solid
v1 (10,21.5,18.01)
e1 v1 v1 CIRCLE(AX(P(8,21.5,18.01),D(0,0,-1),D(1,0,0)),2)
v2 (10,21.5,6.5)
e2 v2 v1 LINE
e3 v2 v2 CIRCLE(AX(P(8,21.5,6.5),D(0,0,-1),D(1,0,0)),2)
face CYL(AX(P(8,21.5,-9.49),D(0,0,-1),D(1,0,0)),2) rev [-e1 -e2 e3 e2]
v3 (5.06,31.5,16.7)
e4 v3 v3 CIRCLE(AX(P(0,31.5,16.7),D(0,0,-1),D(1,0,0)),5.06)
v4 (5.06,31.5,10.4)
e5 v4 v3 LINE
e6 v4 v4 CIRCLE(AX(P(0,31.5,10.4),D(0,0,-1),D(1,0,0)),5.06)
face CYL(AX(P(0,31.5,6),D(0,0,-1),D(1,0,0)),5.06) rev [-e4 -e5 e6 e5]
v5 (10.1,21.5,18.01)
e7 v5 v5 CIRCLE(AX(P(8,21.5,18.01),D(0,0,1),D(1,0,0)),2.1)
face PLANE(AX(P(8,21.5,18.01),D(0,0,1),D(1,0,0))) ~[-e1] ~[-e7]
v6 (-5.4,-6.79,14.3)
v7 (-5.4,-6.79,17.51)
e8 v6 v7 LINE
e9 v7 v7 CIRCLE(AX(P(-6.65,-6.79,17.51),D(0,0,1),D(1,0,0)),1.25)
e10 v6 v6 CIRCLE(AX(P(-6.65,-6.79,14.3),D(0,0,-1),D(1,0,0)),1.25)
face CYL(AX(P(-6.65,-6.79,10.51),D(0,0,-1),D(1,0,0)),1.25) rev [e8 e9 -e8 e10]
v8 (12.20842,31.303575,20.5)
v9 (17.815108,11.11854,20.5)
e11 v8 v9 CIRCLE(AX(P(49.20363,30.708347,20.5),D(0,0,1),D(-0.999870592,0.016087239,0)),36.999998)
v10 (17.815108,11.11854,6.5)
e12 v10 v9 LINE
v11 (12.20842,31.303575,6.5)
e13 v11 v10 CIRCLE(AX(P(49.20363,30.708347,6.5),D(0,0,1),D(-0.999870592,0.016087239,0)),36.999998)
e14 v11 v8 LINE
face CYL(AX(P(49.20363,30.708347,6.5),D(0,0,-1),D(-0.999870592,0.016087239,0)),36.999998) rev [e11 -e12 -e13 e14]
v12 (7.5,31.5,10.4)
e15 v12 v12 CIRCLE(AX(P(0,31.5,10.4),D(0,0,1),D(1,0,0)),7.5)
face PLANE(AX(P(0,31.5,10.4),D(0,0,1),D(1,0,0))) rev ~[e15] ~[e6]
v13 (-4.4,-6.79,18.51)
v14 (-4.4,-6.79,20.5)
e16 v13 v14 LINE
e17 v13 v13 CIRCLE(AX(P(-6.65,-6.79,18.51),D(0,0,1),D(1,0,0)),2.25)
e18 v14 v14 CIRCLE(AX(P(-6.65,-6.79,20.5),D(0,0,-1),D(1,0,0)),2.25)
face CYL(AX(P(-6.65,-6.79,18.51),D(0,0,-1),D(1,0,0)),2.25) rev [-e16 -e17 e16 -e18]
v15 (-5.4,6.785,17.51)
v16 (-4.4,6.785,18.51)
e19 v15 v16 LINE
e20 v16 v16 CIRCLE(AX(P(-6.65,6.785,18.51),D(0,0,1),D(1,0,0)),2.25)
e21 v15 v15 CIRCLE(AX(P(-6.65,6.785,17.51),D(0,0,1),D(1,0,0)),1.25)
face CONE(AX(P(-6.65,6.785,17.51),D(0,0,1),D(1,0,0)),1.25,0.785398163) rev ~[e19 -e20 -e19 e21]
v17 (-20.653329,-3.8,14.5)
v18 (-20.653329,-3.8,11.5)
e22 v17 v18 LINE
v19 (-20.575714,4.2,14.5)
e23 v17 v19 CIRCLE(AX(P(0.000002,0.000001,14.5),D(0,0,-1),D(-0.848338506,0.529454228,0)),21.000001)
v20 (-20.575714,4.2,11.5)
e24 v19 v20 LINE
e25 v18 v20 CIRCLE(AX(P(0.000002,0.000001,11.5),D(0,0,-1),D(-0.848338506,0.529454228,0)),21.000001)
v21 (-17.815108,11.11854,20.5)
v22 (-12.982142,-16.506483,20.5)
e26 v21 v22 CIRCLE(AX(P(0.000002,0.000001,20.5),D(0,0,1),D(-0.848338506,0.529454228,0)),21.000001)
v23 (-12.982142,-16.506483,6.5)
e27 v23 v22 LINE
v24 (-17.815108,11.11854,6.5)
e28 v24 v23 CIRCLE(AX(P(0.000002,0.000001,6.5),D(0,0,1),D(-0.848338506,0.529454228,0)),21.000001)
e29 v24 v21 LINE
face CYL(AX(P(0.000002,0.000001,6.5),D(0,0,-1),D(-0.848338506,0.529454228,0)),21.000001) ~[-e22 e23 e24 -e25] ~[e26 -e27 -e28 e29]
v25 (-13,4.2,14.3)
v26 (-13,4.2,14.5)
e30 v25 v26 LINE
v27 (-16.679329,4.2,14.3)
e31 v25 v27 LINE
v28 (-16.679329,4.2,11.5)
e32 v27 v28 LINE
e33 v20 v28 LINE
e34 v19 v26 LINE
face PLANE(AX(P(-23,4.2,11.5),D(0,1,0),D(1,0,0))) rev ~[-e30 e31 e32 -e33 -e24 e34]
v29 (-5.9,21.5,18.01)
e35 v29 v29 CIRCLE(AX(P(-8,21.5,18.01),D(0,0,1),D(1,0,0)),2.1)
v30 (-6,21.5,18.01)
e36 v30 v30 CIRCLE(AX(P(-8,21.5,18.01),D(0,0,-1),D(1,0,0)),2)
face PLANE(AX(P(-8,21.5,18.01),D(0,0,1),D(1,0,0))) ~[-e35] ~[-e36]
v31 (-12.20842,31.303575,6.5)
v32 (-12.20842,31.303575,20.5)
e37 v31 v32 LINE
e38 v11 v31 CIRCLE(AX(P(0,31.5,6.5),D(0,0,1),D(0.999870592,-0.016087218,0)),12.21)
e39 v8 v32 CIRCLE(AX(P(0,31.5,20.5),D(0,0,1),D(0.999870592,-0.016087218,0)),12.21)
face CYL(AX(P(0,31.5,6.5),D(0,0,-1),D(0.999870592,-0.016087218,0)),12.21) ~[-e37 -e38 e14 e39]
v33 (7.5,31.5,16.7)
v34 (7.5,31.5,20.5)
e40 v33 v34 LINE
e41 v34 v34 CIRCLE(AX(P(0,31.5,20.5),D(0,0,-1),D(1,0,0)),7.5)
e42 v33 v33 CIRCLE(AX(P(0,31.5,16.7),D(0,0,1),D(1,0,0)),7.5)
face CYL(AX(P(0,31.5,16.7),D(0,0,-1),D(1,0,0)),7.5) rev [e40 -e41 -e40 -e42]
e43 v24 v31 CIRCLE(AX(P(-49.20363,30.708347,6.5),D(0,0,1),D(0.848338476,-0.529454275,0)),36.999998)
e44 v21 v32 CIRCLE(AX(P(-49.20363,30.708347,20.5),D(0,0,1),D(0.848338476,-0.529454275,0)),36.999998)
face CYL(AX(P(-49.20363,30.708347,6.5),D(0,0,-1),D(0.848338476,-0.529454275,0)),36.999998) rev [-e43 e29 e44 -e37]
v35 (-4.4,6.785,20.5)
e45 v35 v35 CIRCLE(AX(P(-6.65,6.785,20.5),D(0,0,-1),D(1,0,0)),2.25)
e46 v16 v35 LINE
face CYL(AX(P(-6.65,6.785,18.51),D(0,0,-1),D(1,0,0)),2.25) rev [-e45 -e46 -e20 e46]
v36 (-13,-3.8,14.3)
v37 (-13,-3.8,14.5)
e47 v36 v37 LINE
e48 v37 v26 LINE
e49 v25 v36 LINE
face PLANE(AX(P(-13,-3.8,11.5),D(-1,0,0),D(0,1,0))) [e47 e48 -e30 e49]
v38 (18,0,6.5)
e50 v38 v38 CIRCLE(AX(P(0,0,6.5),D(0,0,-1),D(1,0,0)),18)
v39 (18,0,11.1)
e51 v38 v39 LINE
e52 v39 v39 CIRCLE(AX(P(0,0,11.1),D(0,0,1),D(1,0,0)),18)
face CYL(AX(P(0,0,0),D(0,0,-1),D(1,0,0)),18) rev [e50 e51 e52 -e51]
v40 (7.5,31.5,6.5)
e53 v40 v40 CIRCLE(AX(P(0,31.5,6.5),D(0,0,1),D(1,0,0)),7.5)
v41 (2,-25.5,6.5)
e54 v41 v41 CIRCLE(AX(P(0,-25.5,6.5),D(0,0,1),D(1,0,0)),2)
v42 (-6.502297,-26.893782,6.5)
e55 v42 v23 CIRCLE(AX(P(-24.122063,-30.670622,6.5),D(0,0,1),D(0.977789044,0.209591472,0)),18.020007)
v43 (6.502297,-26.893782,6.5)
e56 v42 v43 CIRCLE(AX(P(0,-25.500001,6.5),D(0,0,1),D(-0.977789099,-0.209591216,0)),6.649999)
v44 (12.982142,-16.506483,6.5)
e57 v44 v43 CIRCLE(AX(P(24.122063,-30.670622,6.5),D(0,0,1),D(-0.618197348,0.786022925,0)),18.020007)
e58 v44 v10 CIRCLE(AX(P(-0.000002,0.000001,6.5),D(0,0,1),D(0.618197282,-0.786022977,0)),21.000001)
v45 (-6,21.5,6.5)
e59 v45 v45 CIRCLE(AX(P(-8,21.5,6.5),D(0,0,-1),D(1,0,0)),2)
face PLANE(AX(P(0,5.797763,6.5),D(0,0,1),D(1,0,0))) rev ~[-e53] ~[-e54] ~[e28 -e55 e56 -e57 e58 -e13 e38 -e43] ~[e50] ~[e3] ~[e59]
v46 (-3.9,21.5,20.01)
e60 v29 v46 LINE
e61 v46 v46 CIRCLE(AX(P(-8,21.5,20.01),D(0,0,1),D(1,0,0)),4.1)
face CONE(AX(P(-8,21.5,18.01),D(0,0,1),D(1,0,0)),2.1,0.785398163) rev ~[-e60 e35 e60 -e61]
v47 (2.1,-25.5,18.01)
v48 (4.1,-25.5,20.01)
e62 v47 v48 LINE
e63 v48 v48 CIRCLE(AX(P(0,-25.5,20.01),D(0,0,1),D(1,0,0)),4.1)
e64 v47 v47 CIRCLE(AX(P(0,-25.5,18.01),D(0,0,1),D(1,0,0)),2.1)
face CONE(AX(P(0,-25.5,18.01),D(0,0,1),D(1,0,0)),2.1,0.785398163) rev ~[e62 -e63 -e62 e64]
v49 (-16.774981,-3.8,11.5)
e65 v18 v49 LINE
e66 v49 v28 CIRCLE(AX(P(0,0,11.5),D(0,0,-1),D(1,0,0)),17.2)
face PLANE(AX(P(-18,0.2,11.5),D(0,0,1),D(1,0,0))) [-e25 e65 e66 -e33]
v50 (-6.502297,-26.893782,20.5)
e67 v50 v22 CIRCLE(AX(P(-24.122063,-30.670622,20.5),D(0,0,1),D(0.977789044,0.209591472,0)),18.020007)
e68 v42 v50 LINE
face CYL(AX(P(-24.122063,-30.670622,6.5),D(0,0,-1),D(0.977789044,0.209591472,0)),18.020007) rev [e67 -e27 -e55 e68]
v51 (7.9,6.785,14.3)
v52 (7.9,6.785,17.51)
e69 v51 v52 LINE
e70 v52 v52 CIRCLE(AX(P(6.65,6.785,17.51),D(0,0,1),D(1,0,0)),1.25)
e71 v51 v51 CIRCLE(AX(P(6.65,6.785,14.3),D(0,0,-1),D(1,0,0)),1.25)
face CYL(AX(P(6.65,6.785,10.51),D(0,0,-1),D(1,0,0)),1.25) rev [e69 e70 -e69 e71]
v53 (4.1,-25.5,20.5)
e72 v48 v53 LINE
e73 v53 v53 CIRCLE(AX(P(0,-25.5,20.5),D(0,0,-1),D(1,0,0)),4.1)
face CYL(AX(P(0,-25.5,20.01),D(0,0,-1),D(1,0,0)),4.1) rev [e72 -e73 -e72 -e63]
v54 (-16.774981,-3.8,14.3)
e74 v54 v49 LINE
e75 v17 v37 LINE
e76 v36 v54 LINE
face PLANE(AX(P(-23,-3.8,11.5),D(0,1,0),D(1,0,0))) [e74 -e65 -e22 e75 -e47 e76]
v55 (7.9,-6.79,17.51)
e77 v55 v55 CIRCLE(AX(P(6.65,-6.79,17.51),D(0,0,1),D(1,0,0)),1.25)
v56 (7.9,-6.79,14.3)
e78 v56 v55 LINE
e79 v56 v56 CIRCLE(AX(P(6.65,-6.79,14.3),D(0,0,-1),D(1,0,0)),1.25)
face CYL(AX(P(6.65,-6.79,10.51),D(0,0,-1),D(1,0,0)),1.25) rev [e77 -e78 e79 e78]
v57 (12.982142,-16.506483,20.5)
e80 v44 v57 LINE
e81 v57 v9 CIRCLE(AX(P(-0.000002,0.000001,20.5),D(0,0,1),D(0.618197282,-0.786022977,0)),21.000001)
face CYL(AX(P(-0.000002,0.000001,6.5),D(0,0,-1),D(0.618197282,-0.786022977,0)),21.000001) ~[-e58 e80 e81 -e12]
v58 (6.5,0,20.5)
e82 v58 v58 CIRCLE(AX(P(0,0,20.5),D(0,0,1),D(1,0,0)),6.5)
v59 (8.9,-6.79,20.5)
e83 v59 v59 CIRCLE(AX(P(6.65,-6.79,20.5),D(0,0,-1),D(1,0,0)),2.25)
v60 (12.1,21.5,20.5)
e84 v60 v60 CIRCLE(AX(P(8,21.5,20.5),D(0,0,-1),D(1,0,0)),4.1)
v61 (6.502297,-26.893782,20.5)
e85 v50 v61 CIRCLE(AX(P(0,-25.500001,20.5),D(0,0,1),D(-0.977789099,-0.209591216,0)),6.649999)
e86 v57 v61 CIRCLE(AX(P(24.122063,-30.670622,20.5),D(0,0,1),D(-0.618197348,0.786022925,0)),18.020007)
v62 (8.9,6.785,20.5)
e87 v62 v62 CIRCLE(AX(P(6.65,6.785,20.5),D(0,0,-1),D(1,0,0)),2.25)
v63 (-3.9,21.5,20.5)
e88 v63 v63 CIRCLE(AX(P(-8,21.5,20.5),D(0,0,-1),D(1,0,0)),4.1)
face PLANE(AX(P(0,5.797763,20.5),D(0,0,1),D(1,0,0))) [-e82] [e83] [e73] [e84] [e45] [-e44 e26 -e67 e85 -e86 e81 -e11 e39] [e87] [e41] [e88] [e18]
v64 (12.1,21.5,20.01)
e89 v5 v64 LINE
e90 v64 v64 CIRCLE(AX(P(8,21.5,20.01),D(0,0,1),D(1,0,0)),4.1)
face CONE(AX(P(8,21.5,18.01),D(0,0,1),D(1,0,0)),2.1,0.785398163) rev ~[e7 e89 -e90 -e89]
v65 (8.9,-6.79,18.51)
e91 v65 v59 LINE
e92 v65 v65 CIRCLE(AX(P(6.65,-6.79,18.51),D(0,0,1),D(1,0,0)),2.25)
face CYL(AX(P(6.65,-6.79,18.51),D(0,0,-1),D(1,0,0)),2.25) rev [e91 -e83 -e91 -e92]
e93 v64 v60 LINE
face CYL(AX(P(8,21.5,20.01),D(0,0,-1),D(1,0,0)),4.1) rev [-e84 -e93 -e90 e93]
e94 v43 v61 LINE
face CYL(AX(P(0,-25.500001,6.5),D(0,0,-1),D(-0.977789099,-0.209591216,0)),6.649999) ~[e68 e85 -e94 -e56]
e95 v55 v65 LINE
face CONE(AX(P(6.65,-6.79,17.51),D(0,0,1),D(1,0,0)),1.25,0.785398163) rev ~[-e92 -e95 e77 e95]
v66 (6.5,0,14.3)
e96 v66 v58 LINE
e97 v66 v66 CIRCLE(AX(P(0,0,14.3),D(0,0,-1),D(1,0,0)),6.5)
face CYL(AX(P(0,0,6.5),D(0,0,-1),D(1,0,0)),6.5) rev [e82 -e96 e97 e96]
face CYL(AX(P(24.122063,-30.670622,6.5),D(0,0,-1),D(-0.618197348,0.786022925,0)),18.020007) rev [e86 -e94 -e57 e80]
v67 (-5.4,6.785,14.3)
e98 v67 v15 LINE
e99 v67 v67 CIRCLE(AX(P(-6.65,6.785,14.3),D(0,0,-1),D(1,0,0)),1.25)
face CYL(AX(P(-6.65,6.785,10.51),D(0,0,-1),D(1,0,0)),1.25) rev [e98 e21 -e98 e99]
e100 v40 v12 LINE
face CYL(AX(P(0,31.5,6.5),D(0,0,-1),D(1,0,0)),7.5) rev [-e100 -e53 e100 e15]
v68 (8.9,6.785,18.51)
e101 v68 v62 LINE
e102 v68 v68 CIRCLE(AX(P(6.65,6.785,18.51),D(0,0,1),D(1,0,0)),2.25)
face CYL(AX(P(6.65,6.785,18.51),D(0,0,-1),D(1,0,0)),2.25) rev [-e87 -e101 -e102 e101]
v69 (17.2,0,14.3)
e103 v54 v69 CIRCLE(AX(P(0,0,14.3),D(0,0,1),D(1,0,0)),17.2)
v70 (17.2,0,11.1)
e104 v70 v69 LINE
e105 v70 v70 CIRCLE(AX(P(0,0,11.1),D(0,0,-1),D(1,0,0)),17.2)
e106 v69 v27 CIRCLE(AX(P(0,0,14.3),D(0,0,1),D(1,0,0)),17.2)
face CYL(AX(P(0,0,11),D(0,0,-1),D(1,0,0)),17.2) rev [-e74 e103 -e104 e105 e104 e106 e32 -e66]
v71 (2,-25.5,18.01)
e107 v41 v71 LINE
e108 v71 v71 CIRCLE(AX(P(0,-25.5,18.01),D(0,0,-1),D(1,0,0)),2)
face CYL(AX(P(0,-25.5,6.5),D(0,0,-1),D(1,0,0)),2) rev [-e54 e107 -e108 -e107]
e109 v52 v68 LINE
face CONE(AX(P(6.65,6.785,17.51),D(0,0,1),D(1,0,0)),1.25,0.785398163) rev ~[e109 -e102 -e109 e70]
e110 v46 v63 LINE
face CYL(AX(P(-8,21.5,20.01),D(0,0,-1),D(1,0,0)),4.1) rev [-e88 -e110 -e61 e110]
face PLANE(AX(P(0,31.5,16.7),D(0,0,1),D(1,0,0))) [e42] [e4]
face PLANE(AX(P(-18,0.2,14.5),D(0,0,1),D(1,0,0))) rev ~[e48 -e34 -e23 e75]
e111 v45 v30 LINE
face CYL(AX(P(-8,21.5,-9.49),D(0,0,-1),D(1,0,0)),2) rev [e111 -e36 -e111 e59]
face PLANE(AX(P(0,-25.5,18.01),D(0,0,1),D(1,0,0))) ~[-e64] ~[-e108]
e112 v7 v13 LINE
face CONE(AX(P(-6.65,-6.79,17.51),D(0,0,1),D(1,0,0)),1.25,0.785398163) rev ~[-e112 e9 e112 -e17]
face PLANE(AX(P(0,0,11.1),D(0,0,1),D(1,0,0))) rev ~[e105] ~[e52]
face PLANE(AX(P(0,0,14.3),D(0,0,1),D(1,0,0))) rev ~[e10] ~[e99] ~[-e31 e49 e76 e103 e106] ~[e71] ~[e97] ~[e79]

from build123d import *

# Parameters (mm, degrees)
CYLINDER015_R     = 2
CYLINDER015_DEPTH = 30
CYLINDER016_R     = 4.1
CYLINDER016_DEPTH = 0.5
CYLINDER017_R     = 2
CYLINDER017_DEPTH = 30
CYLINDER018_R     = 4.1
CYLINDER018_DEPTH = 0.5
CYLINDER013_R     = 2
CYLINDER013_DEPTH = 30
CYLINDER014_R     = 4.1
CYLINDER014_DEPTH = 0.5
CYLINDER001_R     = 2.4
CYLINDER001_DEPTH = 15.2
CYLINDER_R        = 17.2
CYLINDER_DEPTH    = 3.3
CYLINDER012_R     = 18
CYLINDER012_DEPTH = 11.1
BOX_W             = 10
BOX_H             = 8
BOX_DEPTH         = 3
CYLINDER007_R     = 7.5
CYLINDER007_DEPTH = 3.9
CYLINDER010_R     = 5.06
CYLINDER010_DEPTH = 15
CYLINDER004_R     = 7.5
CYLINDER004_DEPTH = 3.9
CYLINDER021_R     = 1.25
CYLINDER021_DEPTH = 8
CYLINDER022_R     = 2.25
CYLINDER022_DEPTH = 2.5
CYLINDER023_R     = 1.25
CYLINDER023_DEPTH = 8
CYLINDER024_R     = 2.25
CYLINDER024_DEPTH = 2.5
CYLINDER025_R     = 1.25
CYLINDER025_DEPTH = 8
CYLINDER026_R     = 2.25
CYLINDER026_DEPTH = 2.5
CYLINDER019_R     = 1.25
CYLINDER019_DEPTH = 8
CYLINDER020_R     = 2.25
CYLINDER020_DEPTH = 2.5
SKETCH_R          = 6.5
SKETCH_R_2        = 2.5
SKETCH_R_3        = 2
PAD_DEPTH         = 14


with BuildPart() as cone001:
    # Cone001 → Cone001 (revolve)
    with BuildSketch(Plane(origin=(0, -25.5, 18), x_dir=(1, 0, 0), z_dir=(0, -1, 0))):
        Polygon((0, 0), (2.1, 0), (4.1, 2), (0, 2), align=None)
    revolve(axis=Axis((0, -25.5, 18), (0, 0, 1)))


with BuildPart() as cylinders001:
    # Cylinder015 → Cylinder015 (new body)
    with BuildSketch(Plane(origin=(0, -25.5, -9.5), x_dir=(1, 0, 0), z_dir=(0, 0, 1))):
        Circle(CYLINDER015_R)
    extrude(amount=CYLINDER015_DEPTH)


with BuildPart() as fusion015:
    # Cylinder016 → Cylinder016 (new body)
    with BuildSketch(Plane(origin=(0, -25.5, 20), x_dir=(1, 0, 0), z_dir=(0, 0, 1))):
        Circle(CYLINDER016_R)
    extrude(amount=CYLINDER016_DEPTH)

    # Fusion015: union Cone001, CylinderS001
    add(cone001.part)
    add(cylinders001.part)


with BuildPart() as fusion015_1:
    # Fusion015 placement: moved
    add(fusion015.part.moved(Location((8, 47, 0.01))))


with BuildPart() as cone002:
    # Cone002 → Cone002 (revolve)
    with BuildSketch(Plane(origin=(0, -25.5, 18), x_dir=(1, 0, 0), z_dir=(0, -1, 0))):
        Polygon((0, 0), (2.1, 0), (4.1, 2), (0, 2), align=None)
    revolve(axis=Axis((0, -25.5, 18), (0, 0, 1)))


with BuildPart() as cylinders002:
    # Cylinder017 → Cylinder017 (new body)
    with BuildSketch(Plane(origin=(0, -25.5, -9.5), x_dir=(1, 0, 0), z_dir=(0, 0, 1))):
        Circle(CYLINDER017_R)
    extrude(amount=CYLINDER017_DEPTH)


with BuildPart() as fusion016:
    # Cylinder018 → Cylinder018 (new body)
    with BuildSketch(Plane(origin=(0, -25.5, 20), x_dir=(1, 0, 0), z_dir=(0, 0, 1))):
        Circle(CYLINDER018_R)
    extrude(amount=CYLINDER018_DEPTH)

    # Fusion016: union Cone002, CylinderS002
    add(cone002.part)
    add(cylinders002.part)


with BuildPart() as fusion016_1:
    # Fusion016 placement: moved
    add(fusion016.part.moved(Location((-8, 47, 0.01))))


with BuildPart() as cone:
    # Cone → Cone (revolve)
    with BuildSketch(Plane(origin=(0, -25.5, 18), x_dir=(1, 0, 0), z_dir=(0, -1, 0))):
        Polygon((0, 0), (2.1, 0), (4.1, 2), (0, 2), align=None)
    revolve(axis=Axis((0, -25.5, 18), (0, 0, 1)))


with BuildPart() as cylinders:
    # Cylinder013 → Cylinder013 (new body)
    with BuildSketch(Plane(origin=(0, -25.5, -9.5), x_dir=(1, 0, 0), z_dir=(0, 0, 1))):
        Circle(CYLINDER013_R)
    extrude(amount=CYLINDER013_DEPTH)


with BuildPart() as hipscrews:
    # Cylinder014 → Cylinder014 (new body)
    with BuildSketch(Plane(origin=(0, -25.5, 20), x_dir=(1, 0, 0), z_dir=(0, 0, 1))):
        Circle(CYLINDER014_R)
    extrude(amount=CYLINDER014_DEPTH)

    # Fusion014: union Cone, CylinderS
    add(cone.part)
    add(cylinders.part)


with BuildPart() as hipscrews_1:
    # Fusion014 placement: moved
    add(hipscrews.part.moved(Location((0, 0, 0.01))))

    # Fusion017: union Fusion015, Fusion016
    add(fusion015_1.part)
    add(fusion016_1.part)


with BuildPart() as motor_hole:
    # Cylinder001 → Cylinder001 (new body)
    with BuildSketch(Plane.XY):
        Circle(CYLINDER001_R)
    extrude(amount=CYLINDER001_DEPTH)


with BuildPart() as motor_stator:
    # Cylinder → Cylinder (new body)
    with BuildSketch(Plane.XY.offset(11)):
        Circle(CYLINDER_R)
    extrude(amount=CYLINDER_DEPTH)


with BuildPart() as motor:
    # Cylinder012 → Cylinder012 (new body)
    with BuildSketch(Plane.XY):
        Circle(CYLINDER012_R)
    extrude(amount=CYLINDER012_DEPTH)

    # Fusion011: union motor_stator
    add(motor_stator.part)

    # Cut: cut motor_hole
    add(motor_hole.part, mode=Mode.SUBTRACT)


with BuildPart() as wires:
    # Box → Box (new body)
    with BuildSketch(Plane(origin=(-23, -3.8, 11.5), x_dir=(1, 0, 0), z_dir=(0, 0, 1))):
        with Locations((5, 4)):
            Rectangle(BOX_W, BOX_H)
    extrude(amount=BOX_DEPTH)


with BuildPart() as bearing2:
    # Cylinder007 → Cylinder007 (new body)
    with BuildSketch(Plane.XY.offset(6.5)):
        Circle(CYLINDER007_R)
    extrude(amount=CYLINDER007_DEPTH)


with BuildPart() as bearingaxis:
    # Cylinder010 → Cylinder010 (new body)
    with BuildSketch(Plane.XY.offset(6)):
        Circle(CYLINDER010_R)
    extrude(amount=CYLINDER010_DEPTH)


with BuildPart() as bearings:
    # Cylinder004 → Cylinder004 (new body)
    with BuildSketch(Plane.XY.offset(16.7)):
        Circle(CYLINDER004_R)
    extrude(amount=CYLINDER004_DEPTH)

    # Fusion007: union Bearing2, BearingAxis
    add(bearing2.part)
    add(bearingaxis.part)


with BuildPart() as bearings_1:
    # Fusion007 placement: moved
    add(bearings.part.moved(Location((0, 31.5, 0))))


with BuildPart() as cylinder021:
    # Cylinder021 → Cylinder021 (new body)
    with BuildSketch(Plane.XY.offset(-10)):
        Circle(CYLINDER021_R)
    extrude(amount=CYLINDER021_DEPTH)


with BuildPart() as cylinder022:
    # Cylinder022 → Cylinder022 (new body)
    with BuildSketch(Plane.XY.offset(-2)):
        Circle(CYLINDER022_R)
    extrude(amount=CYLINDER022_DEPTH)


with BuildPart() as fusion020:
    # Cone004 → Cone004 (revolve)
    with BuildSketch(Plane(origin=(0, 0, -3), x_dir=(1, 0, 0), z_dir=(0, -1, 0))):
        Polygon((0, 0), (1.25, 0), (2.25, 1), (0, 1), align=None)
    revolve(axis=Axis((0, 0, -3), (0, 0, 1)))

    # Fusion020: union Cylinder021, Cylinder022
    add(cylinder021.part)
    add(cylinder022.part)


with BuildPart() as fusion020_1:
    # Fusion020 placement: moved
    add(fusion020.part.moved(Location((6.65, 6.785, 20.51))))


with BuildPart() as cylinder023:
    # Cylinder023 → Cylinder023 (new body)
    with BuildSketch(Plane.XY.offset(-10)):
        Circle(CYLINDER023_R)
    extrude(amount=CYLINDER023_DEPTH)


with BuildPart() as cylinder024:
    # Cylinder024 → Cylinder024 (new body)
    with BuildSketch(Plane.XY.offset(-2)):
        Circle(CYLINDER024_R)
    extrude(amount=CYLINDER024_DEPTH)


with BuildPart() as fusion021:
    # Cone005 → Cone005 (revolve)
    with BuildSketch(Plane(origin=(0, 0, -3), x_dir=(1, 0, 0), z_dir=(0, -1, 0))):
        Polygon((0, 0), (1.25, 0), (2.25, 1), (0, 1), align=None)
    revolve(axis=Axis((0, 0, -3), (0, 0, 1)))

    # Fusion021: union Cylinder023, Cylinder024
    add(cylinder023.part)
    add(cylinder024.part)


with BuildPart() as fusion021_1:
    # Fusion021 placement: moved
    add(fusion021.part.moved(Location((-6.65, -6.79, 20.51))))


with BuildPart() as cylinder025:
    # Cylinder025 → Cylinder025 (new body)
    with BuildSketch(Plane.XY.offset(-10)):
        Circle(CYLINDER025_R)
    extrude(amount=CYLINDER025_DEPTH)


with BuildPart() as cylinder026:
    # Cylinder026 → Cylinder026 (new body)
    with BuildSketch(Plane.XY.offset(-2)):
        Circle(CYLINDER026_R)
    extrude(amount=CYLINDER026_DEPTH)


with BuildPart() as fusion022:
    # Cone006 → Cone006 (revolve)
    with BuildSketch(Plane(origin=(0, 0, -3), x_dir=(1, 0, 0), z_dir=(0, -1, 0))):
        Polygon((0, 0), (1.25, 0), (2.25, 1), (0, 1), align=None)
    revolve(axis=Axis((0, 0, -3), (0, 0, 1)))

    # Fusion022: union Cylinder025, Cylinder026
    add(cylinder025.part)
    add(cylinder026.part)


with BuildPart() as fusion022_1:
    # Fusion022 placement: moved
    add(fusion022.part.moved(Location((6.65, -6.79, 20.51))))


with BuildPart() as cylinder019:
    # Cylinder019 → Cylinder019 (new body)
    with BuildSketch(Plane.XY.offset(-10)):
        Circle(CYLINDER019_R)
    extrude(amount=CYLINDER019_DEPTH)


with BuildPart() as cylinder020:
    # Cylinder020 → Cylinder020 (new body)
    with BuildSketch(Plane.XY.offset(-2)):
        Circle(CYLINDER020_R)
    extrude(amount=CYLINDER020_DEPTH)


with BuildPart() as hipcut:
    # Cone003 → Cone003 (revolve)
    with BuildSketch(Plane(origin=(0, 0, -3), x_dir=(1, 0, 0), z_dir=(0, -1, 0))):
        Polygon((0, 0), (1.25, 0), (2.25, 1), (0, 1), align=None)
    revolve(axis=Axis((0, 0, -3), (0, 0, 1)))

    # Fusion019: union Cylinder019, Cylinder020
    add(cylinder019.part)
    add(cylinder020.part)


with BuildPart() as hipcut_1:
    # Fusion019 placement: moved
    add(hipcut.part.moved(Location((-6.65, 6.785, 20.51))))

    # Fusion023: union Fusion020, Fusion021, Fusion022
    add(fusion020_1.part)
    add(fusion021_1.part)
    add(fusion022_1.part)

    # Fusion024: union HipScrews, Motor, Wires, Bearings
    add(hipscrews_1.part)
    add(motor.part)
    add(wires.part)
    add(bearings_1.part)


with BuildPart() as hip:
    # Sketch → Pad (new body)
    with BuildSketch(Plane.XY.offset(14)):
        with BuildLine():
            ThreePointArc((12.20842, 31.303575), (0, 43.71), (-12.20842, 31.303575))
            ThreePointArc((-17.815108, 11.11854), (-13.553348, 20.805961), (-12.20842, 31.303575))
            ThreePointArc((-17.815108, 11.11854), (-20.685819, -3.61896), (-12.982142, -16.506483))
            ThreePointArc((-6.502297, -26.893782), (-8.833051, -21.132971), (-12.982142, -16.506483))
            ThreePointArc((-6.502297, -26.893782), (0, -32.15), (6.502297, -26.893782))
            ThreePointArc((12.982142, -16.506483), (8.833051, -21.132971), (6.502297, -26.893782))
            ThreePointArc((12.982142, -16.506483), (20.685819, -3.61896), (17.815108, 11.11854))
            ThreePointArc((12.20842, 31.303575), (13.553348, 20.805961), (17.815108, 11.11854))
        make_face()
        Circle(SKETCH_R, mode=Mode.SUBTRACT)
        with Locations((0, 31.5)):
            Circle(SKETCH_R_2, mode=Mode.SUBTRACT)
        with Locations((0, -25.5)):
            Circle(SKETCH_R_3, mode=Mode.SUBTRACT)
    extrude(amount=PAD_DEPTH)


with BuildPart() as hip_1:
    # Body placement: moved
    add(hip.part.moved(Location((0, 0, -7.5))))

    # Cut004: cut HipCut
    add(hipcut_1.part, mode=Mode.SUBTRACT)


solid = hip_1.part
